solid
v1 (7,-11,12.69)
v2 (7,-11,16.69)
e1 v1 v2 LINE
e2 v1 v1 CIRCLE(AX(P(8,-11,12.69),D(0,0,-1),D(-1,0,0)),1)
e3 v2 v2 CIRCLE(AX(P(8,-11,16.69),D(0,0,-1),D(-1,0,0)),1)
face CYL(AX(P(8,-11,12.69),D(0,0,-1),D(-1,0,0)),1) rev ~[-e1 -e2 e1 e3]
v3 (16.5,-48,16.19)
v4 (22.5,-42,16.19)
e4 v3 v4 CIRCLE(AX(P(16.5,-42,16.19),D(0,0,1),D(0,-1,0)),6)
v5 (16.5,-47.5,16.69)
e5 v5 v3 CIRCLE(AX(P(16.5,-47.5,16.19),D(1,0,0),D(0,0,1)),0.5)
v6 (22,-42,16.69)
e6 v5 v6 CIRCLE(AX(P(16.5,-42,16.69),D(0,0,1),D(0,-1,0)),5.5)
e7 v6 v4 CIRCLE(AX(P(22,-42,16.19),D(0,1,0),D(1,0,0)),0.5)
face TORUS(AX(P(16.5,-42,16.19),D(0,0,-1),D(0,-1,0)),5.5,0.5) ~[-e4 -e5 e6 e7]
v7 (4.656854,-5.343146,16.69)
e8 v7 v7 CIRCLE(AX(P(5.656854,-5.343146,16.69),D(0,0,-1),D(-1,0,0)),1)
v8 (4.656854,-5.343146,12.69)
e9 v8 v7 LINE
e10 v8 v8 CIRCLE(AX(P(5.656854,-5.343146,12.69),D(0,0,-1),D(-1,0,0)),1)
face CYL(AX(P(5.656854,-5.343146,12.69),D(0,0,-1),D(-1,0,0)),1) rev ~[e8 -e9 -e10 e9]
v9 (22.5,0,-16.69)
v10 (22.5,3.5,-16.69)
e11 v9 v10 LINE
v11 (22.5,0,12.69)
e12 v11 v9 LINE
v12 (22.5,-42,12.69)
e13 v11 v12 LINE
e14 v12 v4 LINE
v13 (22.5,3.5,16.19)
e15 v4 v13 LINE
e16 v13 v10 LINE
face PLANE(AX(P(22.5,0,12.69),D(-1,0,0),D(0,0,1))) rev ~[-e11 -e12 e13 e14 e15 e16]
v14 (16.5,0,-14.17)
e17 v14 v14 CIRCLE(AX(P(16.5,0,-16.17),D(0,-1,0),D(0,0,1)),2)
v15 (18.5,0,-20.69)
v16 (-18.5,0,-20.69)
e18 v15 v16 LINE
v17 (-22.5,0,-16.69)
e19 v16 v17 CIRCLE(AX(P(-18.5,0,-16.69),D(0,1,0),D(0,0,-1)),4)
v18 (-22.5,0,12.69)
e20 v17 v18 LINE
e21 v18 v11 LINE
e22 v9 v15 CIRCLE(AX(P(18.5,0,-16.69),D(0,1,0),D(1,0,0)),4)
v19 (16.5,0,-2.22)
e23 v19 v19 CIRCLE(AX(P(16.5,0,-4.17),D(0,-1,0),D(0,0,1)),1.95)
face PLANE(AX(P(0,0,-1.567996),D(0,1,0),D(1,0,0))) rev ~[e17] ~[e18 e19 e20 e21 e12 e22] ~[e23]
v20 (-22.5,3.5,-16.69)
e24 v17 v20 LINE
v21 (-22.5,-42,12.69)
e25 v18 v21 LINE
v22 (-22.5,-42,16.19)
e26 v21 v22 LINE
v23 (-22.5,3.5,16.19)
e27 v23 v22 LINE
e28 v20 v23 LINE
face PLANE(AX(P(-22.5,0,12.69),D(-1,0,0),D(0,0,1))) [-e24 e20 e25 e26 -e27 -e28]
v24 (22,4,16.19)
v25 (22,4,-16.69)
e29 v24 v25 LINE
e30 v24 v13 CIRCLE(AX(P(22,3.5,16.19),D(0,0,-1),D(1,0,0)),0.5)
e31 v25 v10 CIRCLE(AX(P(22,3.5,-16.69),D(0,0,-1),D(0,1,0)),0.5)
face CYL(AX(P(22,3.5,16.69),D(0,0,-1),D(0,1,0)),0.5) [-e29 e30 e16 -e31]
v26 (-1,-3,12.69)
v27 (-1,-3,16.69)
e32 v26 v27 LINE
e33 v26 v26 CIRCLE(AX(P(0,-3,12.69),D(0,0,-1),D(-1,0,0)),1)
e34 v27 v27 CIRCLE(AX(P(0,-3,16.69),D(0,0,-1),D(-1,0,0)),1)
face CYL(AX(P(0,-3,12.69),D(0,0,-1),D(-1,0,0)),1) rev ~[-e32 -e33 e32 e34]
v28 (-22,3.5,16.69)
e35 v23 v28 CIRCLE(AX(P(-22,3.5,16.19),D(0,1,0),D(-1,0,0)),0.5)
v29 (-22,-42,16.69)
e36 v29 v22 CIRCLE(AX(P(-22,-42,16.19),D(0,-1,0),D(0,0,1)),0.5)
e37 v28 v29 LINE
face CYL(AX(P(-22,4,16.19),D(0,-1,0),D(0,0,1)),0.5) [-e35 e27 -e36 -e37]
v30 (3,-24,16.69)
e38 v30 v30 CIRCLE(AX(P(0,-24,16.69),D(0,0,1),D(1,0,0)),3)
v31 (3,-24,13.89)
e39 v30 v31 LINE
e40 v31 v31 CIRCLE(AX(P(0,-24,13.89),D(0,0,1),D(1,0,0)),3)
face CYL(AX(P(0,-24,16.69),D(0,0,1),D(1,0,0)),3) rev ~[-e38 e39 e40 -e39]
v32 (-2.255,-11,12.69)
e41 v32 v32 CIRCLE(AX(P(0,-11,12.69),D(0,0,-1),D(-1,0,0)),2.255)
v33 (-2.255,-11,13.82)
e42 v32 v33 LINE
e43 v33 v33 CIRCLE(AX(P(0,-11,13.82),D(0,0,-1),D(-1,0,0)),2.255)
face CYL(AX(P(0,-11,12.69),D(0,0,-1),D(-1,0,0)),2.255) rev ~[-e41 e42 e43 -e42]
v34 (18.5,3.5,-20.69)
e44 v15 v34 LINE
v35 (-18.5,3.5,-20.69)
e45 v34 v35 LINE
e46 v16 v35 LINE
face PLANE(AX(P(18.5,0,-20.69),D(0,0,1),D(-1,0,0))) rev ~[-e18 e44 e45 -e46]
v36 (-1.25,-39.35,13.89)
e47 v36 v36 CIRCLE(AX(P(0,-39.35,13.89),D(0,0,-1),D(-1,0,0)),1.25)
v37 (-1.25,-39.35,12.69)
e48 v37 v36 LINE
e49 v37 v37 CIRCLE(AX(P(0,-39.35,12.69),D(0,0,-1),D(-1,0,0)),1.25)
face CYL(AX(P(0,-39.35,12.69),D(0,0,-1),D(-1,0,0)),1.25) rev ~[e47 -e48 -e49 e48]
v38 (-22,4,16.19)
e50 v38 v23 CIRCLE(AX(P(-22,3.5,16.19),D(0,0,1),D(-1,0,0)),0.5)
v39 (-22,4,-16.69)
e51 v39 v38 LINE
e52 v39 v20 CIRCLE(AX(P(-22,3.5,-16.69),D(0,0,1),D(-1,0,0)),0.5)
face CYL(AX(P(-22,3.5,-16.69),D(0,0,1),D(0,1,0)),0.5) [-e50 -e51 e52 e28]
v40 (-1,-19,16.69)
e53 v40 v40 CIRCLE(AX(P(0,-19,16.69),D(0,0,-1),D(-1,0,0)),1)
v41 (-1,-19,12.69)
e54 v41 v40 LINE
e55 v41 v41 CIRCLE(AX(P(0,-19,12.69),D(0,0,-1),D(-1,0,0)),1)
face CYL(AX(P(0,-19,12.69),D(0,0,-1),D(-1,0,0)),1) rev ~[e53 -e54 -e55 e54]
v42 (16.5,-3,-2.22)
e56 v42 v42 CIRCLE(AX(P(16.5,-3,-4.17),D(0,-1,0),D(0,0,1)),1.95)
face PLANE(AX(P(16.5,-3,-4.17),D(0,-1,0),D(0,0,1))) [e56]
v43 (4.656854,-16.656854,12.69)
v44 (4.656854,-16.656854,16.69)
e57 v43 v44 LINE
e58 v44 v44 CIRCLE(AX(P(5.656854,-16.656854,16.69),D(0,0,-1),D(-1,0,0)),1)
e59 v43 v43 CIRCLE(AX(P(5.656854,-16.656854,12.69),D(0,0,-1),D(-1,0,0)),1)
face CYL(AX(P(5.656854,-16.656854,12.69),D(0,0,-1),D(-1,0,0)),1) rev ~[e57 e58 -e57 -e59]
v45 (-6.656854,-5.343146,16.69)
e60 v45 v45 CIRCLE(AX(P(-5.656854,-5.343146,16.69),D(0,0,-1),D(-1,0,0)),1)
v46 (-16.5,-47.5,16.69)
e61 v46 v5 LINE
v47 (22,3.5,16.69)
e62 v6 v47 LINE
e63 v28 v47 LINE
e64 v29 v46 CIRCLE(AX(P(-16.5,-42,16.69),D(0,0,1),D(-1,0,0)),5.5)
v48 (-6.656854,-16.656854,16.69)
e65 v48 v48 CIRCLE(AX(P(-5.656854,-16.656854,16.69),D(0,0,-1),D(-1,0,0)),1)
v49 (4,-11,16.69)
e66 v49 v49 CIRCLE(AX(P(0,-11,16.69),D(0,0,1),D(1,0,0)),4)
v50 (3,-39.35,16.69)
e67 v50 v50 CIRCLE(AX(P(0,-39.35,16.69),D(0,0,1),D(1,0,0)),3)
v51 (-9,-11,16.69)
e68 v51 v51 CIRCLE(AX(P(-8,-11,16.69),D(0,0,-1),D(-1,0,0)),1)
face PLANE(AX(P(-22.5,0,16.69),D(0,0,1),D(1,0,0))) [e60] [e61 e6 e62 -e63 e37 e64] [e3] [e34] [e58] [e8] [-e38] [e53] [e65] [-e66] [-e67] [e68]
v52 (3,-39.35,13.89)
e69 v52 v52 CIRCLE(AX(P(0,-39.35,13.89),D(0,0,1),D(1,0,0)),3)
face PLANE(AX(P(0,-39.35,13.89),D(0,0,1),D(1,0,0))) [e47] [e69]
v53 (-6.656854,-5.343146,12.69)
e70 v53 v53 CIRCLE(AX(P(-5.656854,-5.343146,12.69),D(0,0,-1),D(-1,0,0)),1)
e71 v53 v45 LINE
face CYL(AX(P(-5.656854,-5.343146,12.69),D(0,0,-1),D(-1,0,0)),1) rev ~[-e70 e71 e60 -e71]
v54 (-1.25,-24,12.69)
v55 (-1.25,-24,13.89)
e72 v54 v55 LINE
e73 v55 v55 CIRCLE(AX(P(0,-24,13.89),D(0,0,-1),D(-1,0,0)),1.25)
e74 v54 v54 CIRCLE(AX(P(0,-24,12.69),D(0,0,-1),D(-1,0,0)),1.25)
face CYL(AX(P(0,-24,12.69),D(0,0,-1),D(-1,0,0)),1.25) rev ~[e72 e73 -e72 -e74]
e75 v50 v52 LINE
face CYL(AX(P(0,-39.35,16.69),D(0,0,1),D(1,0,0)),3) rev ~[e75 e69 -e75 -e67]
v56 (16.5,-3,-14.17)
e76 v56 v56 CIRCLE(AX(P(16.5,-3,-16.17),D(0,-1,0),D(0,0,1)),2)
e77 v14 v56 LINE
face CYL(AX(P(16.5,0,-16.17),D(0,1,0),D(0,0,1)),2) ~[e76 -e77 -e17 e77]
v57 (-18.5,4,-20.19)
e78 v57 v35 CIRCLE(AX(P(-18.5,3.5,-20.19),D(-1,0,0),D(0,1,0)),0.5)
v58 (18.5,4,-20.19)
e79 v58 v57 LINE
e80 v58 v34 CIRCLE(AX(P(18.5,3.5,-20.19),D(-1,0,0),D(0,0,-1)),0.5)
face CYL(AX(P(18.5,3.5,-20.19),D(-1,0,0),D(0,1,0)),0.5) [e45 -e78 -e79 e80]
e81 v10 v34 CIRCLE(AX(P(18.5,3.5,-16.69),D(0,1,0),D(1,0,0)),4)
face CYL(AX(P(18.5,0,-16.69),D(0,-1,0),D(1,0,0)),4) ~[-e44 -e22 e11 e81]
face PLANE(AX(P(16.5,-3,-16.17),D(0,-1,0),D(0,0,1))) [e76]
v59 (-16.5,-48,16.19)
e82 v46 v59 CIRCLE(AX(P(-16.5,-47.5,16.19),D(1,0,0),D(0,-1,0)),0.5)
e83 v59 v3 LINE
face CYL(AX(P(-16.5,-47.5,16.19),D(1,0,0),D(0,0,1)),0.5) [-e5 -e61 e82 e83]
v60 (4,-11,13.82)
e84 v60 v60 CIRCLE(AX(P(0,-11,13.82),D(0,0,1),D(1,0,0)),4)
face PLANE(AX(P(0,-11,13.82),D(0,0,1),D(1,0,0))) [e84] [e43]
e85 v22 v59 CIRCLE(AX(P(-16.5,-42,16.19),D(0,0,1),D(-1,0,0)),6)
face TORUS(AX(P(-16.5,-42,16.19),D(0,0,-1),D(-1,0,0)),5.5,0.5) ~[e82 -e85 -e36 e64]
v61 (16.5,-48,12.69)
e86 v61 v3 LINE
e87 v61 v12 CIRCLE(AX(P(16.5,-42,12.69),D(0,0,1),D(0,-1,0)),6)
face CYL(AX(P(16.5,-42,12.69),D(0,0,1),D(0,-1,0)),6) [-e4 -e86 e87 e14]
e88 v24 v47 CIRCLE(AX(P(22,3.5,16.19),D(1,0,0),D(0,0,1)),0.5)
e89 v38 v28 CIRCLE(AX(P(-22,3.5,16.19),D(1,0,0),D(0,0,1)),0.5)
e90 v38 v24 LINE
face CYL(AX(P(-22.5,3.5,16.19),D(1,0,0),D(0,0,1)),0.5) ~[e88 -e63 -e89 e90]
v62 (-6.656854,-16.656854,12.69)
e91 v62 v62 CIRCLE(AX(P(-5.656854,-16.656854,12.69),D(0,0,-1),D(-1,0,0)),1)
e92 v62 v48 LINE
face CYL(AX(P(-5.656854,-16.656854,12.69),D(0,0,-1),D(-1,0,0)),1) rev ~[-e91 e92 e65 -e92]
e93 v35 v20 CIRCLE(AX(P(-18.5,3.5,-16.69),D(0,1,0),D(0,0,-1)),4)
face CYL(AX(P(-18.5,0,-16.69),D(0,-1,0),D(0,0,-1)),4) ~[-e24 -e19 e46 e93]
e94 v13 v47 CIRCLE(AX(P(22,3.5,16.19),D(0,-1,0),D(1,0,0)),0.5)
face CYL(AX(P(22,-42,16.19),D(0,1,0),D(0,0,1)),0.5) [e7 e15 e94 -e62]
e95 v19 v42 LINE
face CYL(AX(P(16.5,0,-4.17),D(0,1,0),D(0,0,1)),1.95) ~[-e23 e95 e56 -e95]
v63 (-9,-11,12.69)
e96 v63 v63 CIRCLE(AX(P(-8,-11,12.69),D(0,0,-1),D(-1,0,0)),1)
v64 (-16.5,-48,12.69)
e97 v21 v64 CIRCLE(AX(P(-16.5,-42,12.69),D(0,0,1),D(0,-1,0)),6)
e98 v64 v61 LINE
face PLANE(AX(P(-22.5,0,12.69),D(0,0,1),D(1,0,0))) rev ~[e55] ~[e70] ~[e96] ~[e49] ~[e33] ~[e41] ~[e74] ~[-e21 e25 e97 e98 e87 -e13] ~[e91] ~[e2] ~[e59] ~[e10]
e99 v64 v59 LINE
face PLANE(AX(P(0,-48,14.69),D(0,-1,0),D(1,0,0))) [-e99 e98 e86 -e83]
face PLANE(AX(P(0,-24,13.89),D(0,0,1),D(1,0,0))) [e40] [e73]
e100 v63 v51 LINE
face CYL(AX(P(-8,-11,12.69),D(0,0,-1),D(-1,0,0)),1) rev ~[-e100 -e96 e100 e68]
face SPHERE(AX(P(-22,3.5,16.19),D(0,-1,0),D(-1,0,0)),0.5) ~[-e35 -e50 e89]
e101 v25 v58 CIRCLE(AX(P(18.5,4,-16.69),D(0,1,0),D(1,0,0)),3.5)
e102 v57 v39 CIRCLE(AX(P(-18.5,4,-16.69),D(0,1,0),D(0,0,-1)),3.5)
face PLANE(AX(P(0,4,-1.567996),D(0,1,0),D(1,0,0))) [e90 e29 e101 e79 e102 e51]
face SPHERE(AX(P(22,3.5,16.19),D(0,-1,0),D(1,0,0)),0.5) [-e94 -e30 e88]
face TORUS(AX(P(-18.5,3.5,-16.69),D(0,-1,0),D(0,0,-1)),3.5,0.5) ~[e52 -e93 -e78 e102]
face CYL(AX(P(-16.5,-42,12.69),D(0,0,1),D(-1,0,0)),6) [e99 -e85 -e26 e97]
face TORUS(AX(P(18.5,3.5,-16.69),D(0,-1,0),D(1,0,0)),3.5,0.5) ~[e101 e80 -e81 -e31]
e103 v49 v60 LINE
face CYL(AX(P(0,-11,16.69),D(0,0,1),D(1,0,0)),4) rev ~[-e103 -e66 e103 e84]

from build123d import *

# Parameters (mm, degrees)
BOSS_EXTRUDE1_DEPTH = 4
SKETCH2_W           = 45
SKETCH2_H           = 4
BOSS_EXTRUDE2_DEPTH = 48
SKETCH3_R           = 1.25
CUT_EXTRUDE1_DEPTH  = 63.645625546
FILLET1_R           = 6
FILLET2_R           = 0.5
SKETCH6_R           = 2.255
CUT_EXTRUDE2_DEPTH  = 63.645625582
SKETCH7_R           = 1
CUT_EXTRUDE3_DEPTH  = 63.645625582
SKETCH8_R           = 4
CUT_EXTRUDE4_DEPTH  = 2.87
SKETCH9_R           = 3
CUT_EXTRUDE5_DEPTH  = 2.8
SKETCH10_R          = 2
SKETCH10_R_2        = 1.95
BOSS_EXTRUDE3_DEPTH = 3


with BuildPart() as part:
    # Sketch1 → Boss-Extrude1 (new body)
    with BuildSketch(Plane(origin=(0, 0, 0), x_dir=(1, 0, 0), z_dir=(0, 1, 0))):
        with BuildLine():
            Line((-22.5, -16.69), (22.5, -16.69))
            Line((22.5, -16.69), (22.5, 16.69))
            ThreePointArc((22.5, 16.69), (21.328427125, 19.518427125), (18.5, 20.69))
            Line((18.5, 20.69), (-18.5, 20.69))
            ThreePointArc((-18.5, 20.69), (-21.328427125, 19.518427125), (-22.5, 16.69))
            Line((-22.5, 16.69), (-22.5, -16.69))
        make_face()
    extrude(amount=BOSS_EXTRUDE1_DEPTH)

    # Sketch2 → Boss-Extrude2 (add)
    with BuildSketch(Plane.XZ):
        with Locations((0, 14.69)):
            Rectangle(SKETCH2_W, SKETCH2_H)
    extrude(amount=BOSS_EXTRUDE2_DEPTH)

    # Sketch3 → Cut-Extrude1 (cut, through all)
    with BuildSketch(Plane(origin=(0, 0, 12.69), x_dir=(-1, 0, 0), z_dir=(0, 0, -1))):
        with Locations((0, -39.35)):
            Circle(SKETCH3_R)
        with Locations((0, -24)):
            Circle(SKETCH3_R)
    extrude(amount=-CUT_EXTRUDE1_DEPTH, mode=Mode.SUBTRACT)

    # Fillet1
    fillet1_edges = [part.edges().sort_by_distance(p)[0] for p in [
        (-22.5, -48, 14.69),
        (22.5, -48, 14.69),
    ]]
    fillet(fillet1_edges, radius=FILLET1_R)

    # Fillet2
    fillet2_edges = [part.edges().sort_by_distance(p)[0] for p in [
        (22.5, -19, 16.69),
        (-22.5, -19, 16.69),
        (22.5, 4, 0),
        (21.328427125, 4, -19.518427125),
        (0, 4, -20.69),
        (-21.328427125, 4, -19.518427125),
        (0, -48, 16.69),
        (-20.742640687, -46.242640687, 16.69),
        (20.742640687, -46.242640687, 16.69),
        (-22.5, 4, 0),
        (0, 4, 16.69),
    ]]
    fillet(fillet2_edges, radius=FILLET2_R)

    # Sketch6 → Cut-Extrude2 (cut, through all)
    with BuildSketch(Plane(origin=(0, 0, 12.69), x_dir=(-1, 0, 0), z_dir=(0, 0, -1))):
        with Locations((0, -11)):
            Circle(SKETCH6_R)
    extrude(amount=-CUT_EXTRUDE2_DEPTH, mode=Mode.SUBTRACT)

    # Sketch7 → Cut-Extrude3 (cut, through all)
    with BuildSketch(Plane(origin=(0, 0, 12.69), x_dir=(-1, 0, 0), z_dir=(0, 0, -1))):
        with Locations((0, -19)):
            Circle(SKETCH7_R)
        with Locations((-5.656854249, -16.656854249)):
            Circle(SKETCH7_R)
        with Locations((-8, -11)):
            Circle(SKETCH7_R)
        with Locations((-5.656854249, -5.343145751)):
            Circle(SKETCH7_R)
        with Locations((0, -3)):
            Circle(SKETCH7_R)
        with Locations((5.656854249, -5.343145751)):
            Circle(SKETCH7_R)
        with Locations((8, -11)):
            Circle(SKETCH7_R)
        with Locations((5.656854249, -16.656854249)):
            Circle(SKETCH7_R)
    extrude(amount=-CUT_EXTRUDE3_DEPTH, mode=Mode.SUBTRACT)

    # Sketch8 → Cut-Extrude4 (cut)
    with BuildSketch(Plane.XY.offset(16.69)):
        with Locations((0, -11)):
            Circle(SKETCH8_R)
    extrude(amount=-CUT_EXTRUDE4_DEPTH, mode=Mode.SUBTRACT)

    # Sketch9 → Cut-Extrude5 (cut)
    with BuildSketch(Plane.XY.offset(16.69)):
        with Locations((0, -24)):
            Circle(SKETCH9_R)
        with Locations((0, -39.35)):
            Circle(SKETCH9_R)
    extrude(amount=-CUT_EXTRUDE5_DEPTH, mode=Mode.SUBTRACT)

    # Sketch10 → Boss-Extrude3 (add)
    with BuildSketch(Plane.XZ):
        with Locations(Location((16.5, -16.17, 0), (0, 0, 90))):
            Circle(SKETCH10_R)
        with Locations(Location((16.5, -4.17, 0), (0, 0, 90))):
            Circle(SKETCH10_R_2)
    extrude(amount=BOSS_EXTRUDE3_DEPTH)


solid = part.part
